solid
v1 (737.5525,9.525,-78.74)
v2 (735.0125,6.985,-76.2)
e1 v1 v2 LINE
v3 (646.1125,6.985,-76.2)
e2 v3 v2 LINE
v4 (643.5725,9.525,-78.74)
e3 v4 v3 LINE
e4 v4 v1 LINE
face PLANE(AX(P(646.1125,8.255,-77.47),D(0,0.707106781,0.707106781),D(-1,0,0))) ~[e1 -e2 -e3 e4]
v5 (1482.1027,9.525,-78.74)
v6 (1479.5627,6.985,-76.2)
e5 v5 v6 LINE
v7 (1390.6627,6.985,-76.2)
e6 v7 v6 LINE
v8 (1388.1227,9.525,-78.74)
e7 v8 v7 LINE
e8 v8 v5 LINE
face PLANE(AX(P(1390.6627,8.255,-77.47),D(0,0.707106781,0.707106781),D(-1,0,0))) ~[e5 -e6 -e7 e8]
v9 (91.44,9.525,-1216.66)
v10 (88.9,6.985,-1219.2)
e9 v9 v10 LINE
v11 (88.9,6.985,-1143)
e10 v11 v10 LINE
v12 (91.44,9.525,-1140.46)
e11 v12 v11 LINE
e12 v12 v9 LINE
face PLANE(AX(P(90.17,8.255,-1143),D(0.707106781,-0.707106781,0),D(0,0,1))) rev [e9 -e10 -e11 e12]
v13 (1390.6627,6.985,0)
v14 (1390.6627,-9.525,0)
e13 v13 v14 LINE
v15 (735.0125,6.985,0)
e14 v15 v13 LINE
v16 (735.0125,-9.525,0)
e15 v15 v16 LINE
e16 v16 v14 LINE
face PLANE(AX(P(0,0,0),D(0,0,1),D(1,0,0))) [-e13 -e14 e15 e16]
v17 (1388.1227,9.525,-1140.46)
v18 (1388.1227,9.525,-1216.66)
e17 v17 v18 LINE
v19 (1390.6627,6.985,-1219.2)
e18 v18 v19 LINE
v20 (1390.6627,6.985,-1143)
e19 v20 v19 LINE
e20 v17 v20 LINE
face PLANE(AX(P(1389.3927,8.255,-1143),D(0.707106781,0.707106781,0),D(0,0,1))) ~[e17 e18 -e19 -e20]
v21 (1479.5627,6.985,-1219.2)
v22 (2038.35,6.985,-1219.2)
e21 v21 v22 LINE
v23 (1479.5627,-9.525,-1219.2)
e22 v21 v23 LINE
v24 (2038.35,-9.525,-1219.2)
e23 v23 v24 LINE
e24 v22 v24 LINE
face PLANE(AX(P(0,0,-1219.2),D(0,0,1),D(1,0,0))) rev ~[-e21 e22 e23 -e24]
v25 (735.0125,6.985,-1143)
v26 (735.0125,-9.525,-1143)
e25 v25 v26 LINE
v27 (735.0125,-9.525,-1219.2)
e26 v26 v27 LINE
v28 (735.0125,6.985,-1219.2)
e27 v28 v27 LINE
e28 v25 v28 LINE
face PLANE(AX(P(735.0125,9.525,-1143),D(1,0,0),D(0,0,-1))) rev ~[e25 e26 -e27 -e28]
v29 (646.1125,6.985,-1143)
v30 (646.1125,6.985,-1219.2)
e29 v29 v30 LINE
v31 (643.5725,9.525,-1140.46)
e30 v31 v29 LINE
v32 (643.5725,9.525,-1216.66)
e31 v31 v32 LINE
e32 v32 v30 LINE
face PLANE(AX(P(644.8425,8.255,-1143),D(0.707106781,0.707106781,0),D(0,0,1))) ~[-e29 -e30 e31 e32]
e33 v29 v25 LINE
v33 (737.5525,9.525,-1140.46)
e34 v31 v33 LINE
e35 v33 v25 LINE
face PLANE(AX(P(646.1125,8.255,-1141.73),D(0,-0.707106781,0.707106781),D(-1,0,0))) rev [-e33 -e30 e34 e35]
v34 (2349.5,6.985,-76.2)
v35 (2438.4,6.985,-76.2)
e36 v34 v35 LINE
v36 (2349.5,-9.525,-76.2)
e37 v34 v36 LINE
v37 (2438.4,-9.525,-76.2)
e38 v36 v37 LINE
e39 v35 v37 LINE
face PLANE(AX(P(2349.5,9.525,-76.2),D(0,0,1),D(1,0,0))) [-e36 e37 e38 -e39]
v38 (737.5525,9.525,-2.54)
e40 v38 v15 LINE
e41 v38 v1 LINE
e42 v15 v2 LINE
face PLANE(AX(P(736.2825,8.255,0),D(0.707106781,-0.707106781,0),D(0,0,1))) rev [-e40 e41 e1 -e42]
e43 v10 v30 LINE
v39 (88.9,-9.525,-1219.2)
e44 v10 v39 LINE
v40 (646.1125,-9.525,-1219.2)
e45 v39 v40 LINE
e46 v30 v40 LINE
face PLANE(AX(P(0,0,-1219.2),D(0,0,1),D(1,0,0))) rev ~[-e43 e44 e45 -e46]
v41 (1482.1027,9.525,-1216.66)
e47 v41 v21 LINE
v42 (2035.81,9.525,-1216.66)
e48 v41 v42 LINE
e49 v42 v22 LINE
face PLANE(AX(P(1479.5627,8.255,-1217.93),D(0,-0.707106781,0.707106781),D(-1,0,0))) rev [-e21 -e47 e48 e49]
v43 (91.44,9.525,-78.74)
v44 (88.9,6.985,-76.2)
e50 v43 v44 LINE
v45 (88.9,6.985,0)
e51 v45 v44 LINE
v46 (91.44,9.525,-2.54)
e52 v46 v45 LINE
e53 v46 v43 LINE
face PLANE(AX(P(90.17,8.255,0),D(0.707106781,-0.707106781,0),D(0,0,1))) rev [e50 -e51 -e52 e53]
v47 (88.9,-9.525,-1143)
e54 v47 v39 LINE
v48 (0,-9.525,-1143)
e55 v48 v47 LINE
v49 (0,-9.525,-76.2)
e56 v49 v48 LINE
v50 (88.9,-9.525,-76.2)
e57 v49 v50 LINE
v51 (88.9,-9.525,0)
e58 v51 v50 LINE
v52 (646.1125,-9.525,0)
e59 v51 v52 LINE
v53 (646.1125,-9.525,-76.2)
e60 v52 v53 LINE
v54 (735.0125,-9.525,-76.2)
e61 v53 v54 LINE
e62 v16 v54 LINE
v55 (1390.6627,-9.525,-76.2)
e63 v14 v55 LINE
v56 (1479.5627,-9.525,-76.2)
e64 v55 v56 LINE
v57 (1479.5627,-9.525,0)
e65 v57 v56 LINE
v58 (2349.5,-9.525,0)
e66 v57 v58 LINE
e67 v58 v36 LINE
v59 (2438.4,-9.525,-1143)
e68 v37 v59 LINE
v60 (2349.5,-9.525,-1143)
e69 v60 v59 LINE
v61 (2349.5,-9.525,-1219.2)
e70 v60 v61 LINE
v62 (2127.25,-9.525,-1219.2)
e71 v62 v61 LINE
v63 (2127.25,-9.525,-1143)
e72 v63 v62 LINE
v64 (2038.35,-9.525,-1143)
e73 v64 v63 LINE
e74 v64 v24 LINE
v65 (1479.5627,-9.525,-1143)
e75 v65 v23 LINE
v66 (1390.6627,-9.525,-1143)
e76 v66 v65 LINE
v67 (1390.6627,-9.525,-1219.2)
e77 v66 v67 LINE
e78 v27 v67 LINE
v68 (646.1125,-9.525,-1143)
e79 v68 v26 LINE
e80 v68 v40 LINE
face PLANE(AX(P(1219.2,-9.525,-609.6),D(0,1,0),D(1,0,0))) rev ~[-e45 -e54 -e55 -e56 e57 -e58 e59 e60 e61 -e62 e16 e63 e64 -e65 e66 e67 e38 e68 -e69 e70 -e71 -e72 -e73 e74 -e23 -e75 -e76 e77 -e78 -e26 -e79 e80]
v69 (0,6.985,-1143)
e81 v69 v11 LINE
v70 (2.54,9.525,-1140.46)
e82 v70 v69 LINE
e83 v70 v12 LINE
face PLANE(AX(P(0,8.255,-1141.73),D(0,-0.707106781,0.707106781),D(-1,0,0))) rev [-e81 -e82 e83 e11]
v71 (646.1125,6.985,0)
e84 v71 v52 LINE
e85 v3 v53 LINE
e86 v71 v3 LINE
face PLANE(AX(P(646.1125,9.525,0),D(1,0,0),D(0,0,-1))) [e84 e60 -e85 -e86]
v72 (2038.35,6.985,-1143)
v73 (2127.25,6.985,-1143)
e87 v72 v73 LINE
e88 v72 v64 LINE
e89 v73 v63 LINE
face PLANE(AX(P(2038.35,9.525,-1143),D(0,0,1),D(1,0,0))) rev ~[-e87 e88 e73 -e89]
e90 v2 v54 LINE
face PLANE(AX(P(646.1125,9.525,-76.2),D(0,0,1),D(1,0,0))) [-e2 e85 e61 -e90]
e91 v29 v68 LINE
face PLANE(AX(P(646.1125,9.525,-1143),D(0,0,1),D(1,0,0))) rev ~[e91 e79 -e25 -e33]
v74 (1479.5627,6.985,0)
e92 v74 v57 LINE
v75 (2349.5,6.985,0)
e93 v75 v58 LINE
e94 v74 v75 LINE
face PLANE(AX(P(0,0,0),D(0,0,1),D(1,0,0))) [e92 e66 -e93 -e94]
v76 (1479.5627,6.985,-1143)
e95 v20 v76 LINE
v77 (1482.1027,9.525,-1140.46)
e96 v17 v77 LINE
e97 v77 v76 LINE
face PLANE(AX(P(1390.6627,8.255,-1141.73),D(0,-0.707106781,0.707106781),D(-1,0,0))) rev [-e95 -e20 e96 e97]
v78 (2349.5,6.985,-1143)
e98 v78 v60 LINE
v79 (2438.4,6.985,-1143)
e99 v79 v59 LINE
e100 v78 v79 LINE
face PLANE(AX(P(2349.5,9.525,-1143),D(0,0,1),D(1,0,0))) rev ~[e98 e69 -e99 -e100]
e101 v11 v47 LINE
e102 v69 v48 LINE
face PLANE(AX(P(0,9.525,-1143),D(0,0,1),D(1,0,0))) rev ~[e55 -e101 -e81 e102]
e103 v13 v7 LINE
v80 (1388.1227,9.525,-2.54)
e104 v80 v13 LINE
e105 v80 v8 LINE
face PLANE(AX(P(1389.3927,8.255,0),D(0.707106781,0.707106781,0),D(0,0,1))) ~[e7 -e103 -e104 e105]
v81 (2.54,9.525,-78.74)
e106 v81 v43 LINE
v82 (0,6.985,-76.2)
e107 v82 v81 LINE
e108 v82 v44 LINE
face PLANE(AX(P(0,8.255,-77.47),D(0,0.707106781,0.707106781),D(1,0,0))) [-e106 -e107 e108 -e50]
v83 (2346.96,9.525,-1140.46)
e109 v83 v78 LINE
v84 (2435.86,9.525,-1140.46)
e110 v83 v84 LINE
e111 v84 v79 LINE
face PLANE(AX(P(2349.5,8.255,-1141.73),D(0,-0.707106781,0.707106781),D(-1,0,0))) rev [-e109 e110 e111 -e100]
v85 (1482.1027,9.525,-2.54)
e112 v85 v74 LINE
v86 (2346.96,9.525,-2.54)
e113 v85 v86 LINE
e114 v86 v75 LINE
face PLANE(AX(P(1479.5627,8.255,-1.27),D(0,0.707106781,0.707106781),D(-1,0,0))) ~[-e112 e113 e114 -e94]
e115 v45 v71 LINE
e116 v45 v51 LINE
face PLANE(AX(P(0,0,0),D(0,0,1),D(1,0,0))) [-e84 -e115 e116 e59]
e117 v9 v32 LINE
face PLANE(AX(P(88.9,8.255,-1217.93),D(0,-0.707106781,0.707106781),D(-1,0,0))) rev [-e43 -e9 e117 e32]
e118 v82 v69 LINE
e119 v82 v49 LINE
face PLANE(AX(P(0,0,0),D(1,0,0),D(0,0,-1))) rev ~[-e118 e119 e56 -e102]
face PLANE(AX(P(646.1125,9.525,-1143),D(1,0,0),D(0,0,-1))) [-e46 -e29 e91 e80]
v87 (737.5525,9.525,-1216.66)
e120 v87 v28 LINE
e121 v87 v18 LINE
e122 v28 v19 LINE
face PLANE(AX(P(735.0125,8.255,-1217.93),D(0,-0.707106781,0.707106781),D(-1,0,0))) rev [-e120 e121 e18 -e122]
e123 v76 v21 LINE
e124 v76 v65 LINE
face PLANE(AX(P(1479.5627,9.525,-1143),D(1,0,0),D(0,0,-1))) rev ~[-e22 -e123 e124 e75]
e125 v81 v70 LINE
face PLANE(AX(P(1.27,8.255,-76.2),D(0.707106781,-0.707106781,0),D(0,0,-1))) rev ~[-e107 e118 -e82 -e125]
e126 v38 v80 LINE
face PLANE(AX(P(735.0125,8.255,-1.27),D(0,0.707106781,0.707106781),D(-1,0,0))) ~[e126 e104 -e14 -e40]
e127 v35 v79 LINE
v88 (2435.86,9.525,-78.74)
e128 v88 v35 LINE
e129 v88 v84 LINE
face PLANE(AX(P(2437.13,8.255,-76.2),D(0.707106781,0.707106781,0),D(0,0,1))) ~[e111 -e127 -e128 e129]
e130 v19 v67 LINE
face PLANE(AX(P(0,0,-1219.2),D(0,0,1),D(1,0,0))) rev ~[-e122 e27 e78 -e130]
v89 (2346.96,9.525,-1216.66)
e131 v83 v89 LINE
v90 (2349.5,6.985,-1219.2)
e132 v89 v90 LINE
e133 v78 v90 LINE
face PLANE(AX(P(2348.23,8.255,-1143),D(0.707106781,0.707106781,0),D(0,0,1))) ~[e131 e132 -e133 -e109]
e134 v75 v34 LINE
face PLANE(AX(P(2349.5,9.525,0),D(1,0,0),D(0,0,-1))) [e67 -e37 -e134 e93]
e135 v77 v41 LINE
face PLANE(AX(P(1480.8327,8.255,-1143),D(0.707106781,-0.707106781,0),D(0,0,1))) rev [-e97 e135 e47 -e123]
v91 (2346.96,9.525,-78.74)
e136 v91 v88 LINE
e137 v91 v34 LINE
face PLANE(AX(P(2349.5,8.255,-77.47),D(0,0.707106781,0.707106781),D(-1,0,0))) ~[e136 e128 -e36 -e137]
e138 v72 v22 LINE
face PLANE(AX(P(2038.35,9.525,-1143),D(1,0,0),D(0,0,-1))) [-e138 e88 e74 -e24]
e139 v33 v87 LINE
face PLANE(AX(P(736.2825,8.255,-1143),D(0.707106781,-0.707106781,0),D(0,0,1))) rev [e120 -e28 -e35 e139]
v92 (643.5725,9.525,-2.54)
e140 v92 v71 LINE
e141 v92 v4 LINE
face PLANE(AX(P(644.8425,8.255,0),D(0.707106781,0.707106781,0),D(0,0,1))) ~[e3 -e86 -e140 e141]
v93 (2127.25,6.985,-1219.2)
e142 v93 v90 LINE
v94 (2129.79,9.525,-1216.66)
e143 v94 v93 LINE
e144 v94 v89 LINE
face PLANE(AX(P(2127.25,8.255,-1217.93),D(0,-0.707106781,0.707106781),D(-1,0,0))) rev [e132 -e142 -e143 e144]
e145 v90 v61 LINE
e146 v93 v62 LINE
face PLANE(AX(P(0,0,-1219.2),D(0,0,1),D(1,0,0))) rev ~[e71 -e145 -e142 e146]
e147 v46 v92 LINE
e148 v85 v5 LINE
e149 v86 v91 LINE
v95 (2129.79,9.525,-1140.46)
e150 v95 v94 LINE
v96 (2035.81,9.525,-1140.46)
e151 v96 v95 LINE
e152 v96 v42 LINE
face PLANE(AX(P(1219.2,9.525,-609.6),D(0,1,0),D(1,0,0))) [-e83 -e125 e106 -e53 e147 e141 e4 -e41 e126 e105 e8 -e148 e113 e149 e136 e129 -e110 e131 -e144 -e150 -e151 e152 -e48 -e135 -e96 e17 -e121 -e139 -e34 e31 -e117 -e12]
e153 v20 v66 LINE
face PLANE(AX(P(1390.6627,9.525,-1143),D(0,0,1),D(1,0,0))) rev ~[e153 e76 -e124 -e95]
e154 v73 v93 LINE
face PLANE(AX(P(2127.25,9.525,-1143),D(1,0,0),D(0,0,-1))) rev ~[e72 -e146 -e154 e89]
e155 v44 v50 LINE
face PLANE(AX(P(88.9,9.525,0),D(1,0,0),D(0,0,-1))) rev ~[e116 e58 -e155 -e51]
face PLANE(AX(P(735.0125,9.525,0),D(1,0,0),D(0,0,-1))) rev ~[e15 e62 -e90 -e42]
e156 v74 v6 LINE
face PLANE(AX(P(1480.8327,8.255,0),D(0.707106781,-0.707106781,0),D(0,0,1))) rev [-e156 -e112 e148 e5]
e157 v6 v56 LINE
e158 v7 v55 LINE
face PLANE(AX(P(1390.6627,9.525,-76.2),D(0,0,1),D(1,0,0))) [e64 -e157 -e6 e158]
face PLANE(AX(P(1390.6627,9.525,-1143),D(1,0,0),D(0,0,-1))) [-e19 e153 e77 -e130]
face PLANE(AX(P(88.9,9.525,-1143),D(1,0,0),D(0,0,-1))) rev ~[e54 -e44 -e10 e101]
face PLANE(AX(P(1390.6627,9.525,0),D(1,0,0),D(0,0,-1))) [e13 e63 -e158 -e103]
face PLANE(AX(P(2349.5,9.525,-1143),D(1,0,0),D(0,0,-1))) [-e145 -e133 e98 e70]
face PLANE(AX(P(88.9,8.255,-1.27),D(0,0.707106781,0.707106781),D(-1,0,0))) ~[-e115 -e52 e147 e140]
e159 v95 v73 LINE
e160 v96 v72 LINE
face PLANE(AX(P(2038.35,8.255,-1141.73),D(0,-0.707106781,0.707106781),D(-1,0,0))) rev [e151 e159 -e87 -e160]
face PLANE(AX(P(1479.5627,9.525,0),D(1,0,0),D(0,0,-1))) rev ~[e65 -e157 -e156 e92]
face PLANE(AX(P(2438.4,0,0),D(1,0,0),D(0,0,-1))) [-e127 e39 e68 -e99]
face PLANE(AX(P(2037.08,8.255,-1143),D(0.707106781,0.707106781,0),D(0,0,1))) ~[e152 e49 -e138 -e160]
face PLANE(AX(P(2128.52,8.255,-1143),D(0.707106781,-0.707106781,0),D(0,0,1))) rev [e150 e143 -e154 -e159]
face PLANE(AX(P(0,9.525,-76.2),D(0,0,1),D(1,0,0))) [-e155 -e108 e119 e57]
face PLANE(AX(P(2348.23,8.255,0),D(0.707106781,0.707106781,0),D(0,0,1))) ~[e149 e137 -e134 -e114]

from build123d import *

# Parameters (mm, degrees)
SKETCH1_W           = 2438.4
SKETCH1_H           = 1219.2
BOSS_EXTRUDE1_DEPTH = 9.525
SKETCH2_W           = 88.9
SKETCH2_H           = 76.2
CUT_EXTRUDE1_DEPTH  = 20.05
CHAMFER1_SIZE       = 2.54


with BuildPart() as part:
    # Sketch1 → Boss-Extrude1 (new body, symmetric)
    with BuildSketch(Plane(origin=(0, 0, 0), x_dir=(1, 0, 0), z_dir=(0, 1, 0))):
        with Locations((1219.2, 609.6)):
            Rectangle(SKETCH1_W, SKETCH1_H)
    extrude(amount=BOSS_EXTRUDE1_DEPTH, both=True)

    # Sketch2 → Cut-Extrude1 (cut, through all)
    with BuildSketch(Plane(origin=(0, 9.525, 0), x_dir=(1, 0, 0), z_dir=(0, 1, 0))):
        with Locations((44.45, 1181.1)):
            Rectangle(SKETCH2_W, SKETCH2_H)
        with Locations((690.5625, 1181.1)):
            Rectangle(SKETCH2_W, SKETCH2_H)
        with Locations((1435.1127, 1181.1)):
            Rectangle(SKETCH2_W, SKETCH2_H)
        with Locations((2082.8, 1181.1)):
            Rectangle(SKETCH2_W, SKETCH2_H)
        with Locations((2393.95, 1181.1)):
            Rectangle(SKETCH2_W, SKETCH2_H)
        with Locations((1435.1127, 38.1)):
            Rectangle(SKETCH2_W, SKETCH2_H)
        with Locations((690.5625, 38.1)):
            Rectangle(SKETCH2_W, SKETCH2_H)
        with Locations((2393.95, 38.1)):
            Rectangle(SKETCH2_W, SKETCH2_H)
        with Locations((44.45, 38.1)):
            Rectangle(SKETCH2_W, SKETCH2_H)
    extrude(amount=-CUT_EXTRUDE1_DEPTH, mode=Mode.SUBTRACT)

    # Chamfer1
    chamfer1_edges = [part.edges().sort_by_distance(p)[0] for p in [
        (646.1125, 9.525, -1181.1),
        (690.5625, 9.525, -1143),
        (735.0125, 9.525, -1181.1),
        (44.45, 9.525, -1143),
        (88.9, 9.525, -1181.1),
        (0, 9.525, -609.6),
        (367.50625, 9.525, 0),
        (1062.8376, 9.525, 0),
        (1914.53135, 9.525, 0),
        (2438.4, 9.525, -609.6),
        (2238.375, 9.525, -1219.2),
        (1758.95635, 9.525, -1219.2),
        (1062.8376, 9.525, -1219.2),
        (367.50625, 9.525, -1219.2),
        (1479.5627, 9.525, -38.1),
        (1435.1127, 9.525, -76.2),
        (1390.6627, 9.525, -38.1),
        (735.0125, 9.525, -38.1),
        (690.5625, 9.525, -76.2),
        (646.1125, 9.525, -38.1),
        (2393.95, 9.525, -76.2),
        (2349.5, 9.525, -38.1),
        (88.9, 9.525, -38.1),
        (44.45, 9.525, -76.2),
        (2349.5, 9.525, -1181.1),
        (2393.95, 9.525, -1143),
        (2038.35, 9.525, -1181.1),
        (2082.8, 9.525, -1143),
        (2127.25, 9.525, -1181.1),
        (1479.5627, 9.525, -1181.1),
        (1390.6627, 9.525, -1181.1),
        (1435.1127, 9.525, -1143),
    ]]
    chamfer(chamfer1_edges, length=CHAMFER1_SIZE)


solid = part.part
